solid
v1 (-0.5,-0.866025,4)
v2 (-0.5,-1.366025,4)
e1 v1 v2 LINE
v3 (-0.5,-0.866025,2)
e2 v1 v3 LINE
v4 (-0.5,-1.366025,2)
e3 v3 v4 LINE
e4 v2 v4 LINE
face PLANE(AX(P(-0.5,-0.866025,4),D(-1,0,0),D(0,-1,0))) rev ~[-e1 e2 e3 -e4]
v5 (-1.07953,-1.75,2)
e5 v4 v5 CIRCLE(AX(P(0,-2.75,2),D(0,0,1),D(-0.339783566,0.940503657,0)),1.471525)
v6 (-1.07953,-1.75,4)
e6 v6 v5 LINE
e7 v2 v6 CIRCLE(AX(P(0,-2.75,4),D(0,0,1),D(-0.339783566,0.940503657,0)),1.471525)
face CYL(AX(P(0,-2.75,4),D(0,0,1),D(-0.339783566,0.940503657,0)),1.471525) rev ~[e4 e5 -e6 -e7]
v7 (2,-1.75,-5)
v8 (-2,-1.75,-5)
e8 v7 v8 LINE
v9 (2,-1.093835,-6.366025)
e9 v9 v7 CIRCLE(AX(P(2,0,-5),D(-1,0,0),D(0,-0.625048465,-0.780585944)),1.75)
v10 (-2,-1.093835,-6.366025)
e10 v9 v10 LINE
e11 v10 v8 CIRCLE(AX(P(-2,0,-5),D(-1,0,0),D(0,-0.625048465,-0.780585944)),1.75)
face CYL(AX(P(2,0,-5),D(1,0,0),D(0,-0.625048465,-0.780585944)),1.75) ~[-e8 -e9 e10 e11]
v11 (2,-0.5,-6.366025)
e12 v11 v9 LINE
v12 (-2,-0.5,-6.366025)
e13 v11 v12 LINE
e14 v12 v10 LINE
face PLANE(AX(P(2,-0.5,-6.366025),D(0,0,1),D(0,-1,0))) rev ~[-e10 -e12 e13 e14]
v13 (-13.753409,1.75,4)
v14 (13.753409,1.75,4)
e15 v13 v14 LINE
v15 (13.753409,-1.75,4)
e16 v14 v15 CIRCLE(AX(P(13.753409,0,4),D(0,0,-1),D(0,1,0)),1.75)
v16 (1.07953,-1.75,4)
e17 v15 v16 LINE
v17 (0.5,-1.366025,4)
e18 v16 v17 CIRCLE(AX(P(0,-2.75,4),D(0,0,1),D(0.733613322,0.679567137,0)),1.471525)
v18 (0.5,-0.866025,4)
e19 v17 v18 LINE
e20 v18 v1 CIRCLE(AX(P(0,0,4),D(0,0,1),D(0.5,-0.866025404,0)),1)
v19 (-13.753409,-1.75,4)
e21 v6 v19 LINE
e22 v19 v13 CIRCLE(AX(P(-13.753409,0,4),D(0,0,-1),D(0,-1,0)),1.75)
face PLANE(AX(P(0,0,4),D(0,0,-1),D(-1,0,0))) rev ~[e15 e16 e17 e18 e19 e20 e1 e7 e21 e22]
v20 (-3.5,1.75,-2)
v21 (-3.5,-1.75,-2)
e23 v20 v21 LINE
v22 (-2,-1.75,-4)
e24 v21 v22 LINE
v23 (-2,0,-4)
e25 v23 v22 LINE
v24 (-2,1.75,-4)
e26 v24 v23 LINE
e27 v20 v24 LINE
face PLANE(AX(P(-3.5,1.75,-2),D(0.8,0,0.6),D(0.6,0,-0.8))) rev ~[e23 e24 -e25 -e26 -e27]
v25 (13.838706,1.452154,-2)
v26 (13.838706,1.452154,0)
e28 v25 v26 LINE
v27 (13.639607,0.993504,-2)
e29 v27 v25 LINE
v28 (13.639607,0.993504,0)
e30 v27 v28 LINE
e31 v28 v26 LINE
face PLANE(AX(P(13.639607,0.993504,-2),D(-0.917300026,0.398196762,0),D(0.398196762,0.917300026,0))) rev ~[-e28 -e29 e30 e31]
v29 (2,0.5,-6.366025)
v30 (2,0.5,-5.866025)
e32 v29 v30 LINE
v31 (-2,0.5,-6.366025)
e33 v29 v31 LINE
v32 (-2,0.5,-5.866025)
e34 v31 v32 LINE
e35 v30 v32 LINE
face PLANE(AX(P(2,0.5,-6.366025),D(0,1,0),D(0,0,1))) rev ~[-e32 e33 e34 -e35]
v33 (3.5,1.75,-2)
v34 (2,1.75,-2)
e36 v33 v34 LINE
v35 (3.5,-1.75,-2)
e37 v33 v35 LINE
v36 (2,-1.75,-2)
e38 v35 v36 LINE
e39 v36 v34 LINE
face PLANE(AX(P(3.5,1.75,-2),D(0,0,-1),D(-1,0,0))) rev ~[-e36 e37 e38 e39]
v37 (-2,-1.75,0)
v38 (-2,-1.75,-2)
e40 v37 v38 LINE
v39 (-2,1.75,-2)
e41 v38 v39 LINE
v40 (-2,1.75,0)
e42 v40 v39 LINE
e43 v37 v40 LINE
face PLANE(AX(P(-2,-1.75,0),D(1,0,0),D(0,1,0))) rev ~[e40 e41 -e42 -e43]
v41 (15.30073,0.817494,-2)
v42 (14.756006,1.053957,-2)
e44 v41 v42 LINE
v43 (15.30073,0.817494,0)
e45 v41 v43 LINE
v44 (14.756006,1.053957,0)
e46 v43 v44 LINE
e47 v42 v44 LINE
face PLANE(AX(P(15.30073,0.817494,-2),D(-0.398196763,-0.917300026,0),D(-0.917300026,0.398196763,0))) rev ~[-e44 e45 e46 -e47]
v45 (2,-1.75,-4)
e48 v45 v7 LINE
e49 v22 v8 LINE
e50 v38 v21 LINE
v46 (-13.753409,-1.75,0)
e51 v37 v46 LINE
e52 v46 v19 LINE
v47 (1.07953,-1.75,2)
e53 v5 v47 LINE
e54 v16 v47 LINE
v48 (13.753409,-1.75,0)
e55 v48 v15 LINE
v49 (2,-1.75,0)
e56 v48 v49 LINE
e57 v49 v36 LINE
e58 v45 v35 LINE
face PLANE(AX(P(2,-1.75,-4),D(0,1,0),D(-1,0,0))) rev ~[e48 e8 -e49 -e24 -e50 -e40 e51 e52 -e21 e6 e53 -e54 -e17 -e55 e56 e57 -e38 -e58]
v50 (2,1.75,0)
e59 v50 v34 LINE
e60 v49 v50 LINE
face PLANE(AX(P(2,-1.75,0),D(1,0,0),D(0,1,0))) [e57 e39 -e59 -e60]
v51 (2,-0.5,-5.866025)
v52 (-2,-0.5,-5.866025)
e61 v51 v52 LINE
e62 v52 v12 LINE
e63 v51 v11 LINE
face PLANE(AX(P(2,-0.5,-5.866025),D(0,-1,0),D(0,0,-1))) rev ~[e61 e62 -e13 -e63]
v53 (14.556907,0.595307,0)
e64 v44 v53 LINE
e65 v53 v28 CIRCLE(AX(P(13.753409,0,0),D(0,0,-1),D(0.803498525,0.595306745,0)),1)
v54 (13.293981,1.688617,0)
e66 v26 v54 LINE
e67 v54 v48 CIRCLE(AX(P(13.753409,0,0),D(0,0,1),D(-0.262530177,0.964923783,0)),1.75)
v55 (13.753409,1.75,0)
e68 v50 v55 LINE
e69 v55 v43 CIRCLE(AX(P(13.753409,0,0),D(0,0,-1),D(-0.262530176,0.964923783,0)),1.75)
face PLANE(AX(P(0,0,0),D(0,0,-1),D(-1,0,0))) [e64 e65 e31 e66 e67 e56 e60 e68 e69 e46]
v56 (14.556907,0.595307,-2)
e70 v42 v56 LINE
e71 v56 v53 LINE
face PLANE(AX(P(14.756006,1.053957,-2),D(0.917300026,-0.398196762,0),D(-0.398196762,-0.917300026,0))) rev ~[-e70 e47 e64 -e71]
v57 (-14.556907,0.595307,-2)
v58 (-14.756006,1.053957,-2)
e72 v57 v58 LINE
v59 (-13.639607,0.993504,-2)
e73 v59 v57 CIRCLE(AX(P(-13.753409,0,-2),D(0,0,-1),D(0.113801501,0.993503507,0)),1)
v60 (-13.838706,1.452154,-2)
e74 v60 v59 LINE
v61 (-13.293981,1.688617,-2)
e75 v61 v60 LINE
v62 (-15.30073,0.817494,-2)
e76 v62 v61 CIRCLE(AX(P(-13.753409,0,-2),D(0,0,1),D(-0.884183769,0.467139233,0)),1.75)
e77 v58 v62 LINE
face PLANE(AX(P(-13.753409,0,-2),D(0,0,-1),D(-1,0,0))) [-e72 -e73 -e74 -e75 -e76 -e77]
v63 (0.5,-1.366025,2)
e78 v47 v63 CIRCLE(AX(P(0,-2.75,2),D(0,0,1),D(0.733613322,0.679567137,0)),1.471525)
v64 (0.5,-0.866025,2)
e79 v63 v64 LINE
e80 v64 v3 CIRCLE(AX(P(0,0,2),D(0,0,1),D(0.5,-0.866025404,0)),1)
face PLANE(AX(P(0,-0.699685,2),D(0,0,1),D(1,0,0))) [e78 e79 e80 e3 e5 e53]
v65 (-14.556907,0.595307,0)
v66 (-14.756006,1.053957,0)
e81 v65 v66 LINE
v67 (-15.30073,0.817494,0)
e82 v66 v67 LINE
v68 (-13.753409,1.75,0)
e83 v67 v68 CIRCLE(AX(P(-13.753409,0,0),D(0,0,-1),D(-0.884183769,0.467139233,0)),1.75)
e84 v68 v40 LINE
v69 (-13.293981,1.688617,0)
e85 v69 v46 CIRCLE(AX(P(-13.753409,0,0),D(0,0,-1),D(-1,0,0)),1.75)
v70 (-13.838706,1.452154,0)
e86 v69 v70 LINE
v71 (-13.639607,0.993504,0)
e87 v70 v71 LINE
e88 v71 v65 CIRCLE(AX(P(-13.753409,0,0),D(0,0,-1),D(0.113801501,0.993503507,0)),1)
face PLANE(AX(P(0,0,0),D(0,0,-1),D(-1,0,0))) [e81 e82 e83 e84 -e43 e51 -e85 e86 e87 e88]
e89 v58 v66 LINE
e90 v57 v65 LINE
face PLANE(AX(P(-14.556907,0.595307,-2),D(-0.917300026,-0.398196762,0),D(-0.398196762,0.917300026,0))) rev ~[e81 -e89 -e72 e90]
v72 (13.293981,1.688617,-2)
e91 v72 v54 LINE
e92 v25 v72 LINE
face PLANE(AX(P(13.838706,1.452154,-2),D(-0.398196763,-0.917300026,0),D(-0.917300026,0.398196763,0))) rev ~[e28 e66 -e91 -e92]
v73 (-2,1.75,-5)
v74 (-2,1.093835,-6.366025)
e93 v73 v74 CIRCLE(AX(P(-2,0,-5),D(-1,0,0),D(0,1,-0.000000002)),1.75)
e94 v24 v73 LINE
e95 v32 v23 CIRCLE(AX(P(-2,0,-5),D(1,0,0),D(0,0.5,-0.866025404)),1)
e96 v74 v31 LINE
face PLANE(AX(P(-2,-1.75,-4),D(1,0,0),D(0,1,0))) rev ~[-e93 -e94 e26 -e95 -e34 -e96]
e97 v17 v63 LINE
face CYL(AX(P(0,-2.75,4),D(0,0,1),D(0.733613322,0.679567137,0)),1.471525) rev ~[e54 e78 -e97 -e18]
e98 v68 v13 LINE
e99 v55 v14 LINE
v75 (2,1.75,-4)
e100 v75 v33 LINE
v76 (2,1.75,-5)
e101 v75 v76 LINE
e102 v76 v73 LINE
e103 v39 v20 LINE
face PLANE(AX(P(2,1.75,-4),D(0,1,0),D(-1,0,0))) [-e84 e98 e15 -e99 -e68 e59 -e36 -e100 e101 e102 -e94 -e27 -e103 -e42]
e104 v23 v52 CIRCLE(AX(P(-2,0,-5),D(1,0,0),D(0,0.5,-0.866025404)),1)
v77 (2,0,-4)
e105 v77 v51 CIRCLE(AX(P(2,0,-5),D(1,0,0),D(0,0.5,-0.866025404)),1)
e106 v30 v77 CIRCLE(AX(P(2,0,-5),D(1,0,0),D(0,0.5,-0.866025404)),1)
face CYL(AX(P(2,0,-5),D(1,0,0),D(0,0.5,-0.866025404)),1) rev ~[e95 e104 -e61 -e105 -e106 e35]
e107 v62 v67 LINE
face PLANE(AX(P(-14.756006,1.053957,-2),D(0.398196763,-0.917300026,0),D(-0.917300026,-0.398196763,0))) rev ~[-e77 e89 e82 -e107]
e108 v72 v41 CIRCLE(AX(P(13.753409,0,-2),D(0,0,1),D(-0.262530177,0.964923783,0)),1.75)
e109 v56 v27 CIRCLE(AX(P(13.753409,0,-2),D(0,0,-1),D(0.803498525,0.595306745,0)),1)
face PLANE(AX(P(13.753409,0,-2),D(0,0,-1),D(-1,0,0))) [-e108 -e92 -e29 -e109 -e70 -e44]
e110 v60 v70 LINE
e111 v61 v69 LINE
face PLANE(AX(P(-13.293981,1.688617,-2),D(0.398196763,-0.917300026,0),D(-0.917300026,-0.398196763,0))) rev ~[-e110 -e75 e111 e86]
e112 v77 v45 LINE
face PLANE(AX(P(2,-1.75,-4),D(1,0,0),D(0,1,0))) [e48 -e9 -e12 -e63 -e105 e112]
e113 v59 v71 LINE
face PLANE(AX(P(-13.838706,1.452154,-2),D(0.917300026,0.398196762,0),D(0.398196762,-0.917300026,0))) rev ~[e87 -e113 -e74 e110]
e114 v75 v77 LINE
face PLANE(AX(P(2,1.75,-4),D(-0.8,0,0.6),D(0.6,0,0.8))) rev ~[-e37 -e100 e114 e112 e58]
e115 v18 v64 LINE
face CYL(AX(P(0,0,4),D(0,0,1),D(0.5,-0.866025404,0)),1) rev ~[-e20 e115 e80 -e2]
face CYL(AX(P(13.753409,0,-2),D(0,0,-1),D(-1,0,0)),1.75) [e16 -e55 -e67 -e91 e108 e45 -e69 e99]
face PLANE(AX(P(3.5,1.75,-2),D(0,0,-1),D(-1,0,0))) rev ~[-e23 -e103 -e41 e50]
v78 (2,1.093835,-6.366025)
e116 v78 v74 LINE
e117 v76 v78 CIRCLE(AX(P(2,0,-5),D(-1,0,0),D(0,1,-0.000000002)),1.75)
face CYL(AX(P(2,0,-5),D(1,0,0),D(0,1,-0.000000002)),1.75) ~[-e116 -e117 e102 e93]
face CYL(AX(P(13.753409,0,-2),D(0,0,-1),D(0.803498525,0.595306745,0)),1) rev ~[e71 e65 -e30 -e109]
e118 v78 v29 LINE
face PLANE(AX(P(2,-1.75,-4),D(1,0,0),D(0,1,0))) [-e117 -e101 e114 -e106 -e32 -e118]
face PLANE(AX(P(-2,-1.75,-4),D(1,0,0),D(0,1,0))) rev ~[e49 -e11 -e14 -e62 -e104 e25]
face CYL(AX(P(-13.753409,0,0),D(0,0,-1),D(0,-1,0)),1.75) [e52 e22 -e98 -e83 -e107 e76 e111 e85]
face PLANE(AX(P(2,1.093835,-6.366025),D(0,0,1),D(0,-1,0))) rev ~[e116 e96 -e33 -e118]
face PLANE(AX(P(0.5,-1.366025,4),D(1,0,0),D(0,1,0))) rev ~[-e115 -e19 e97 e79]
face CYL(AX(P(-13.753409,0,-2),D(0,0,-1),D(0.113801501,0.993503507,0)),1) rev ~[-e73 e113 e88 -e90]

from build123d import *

# Parameters (mm, degrees)
EXTRUDE_1_DEPTH     = 4
SKETCH_2_W          = 4
SKETCH_2_H          = 3.5
EXTRUDE_2_DEPTH     = 2
EXTRUDE_3_DEPTH     = 3.5
EXTRUDE_START       = 2
SKETCH_4_R          = 1.75
EXTRUDE_4_DEPTH     = 2
CUT_EXTRUDE_2_DEPTH = 2
SKETCH_7_W          = 4
SKETCH_7_H          = 3.5
EXTRUDE_5_DEPTH     = 4
CUT_EXTRUDE_4_DEPTH = 4
CUT_EXTRUDE_5_DEPTH = 2


with BuildPart() as part:
    # 草图1 → 凸台-拉伸1 (new body)
    with BuildSketch(Plane.XY):
        with BuildLine():
            Line((-13.7534088, 1.75), (13.7534088, 1.75))
            ThreePointArc((13.7534088, 1.75), (15.5034088, 0), (13.7534088, -1.75))
            Line((13.7534088, -1.75), (-13.7534088, -1.75))
            ThreePointArc((-13.7534088, -1.75), (-15.5034088, 0), (-13.7534088, 1.75))
        make_face()
    extrude(amount=EXTRUDE_1_DEPTH)

    # 草图2 → 凸台-拉伸2 (add)
    with BuildSketch(Plane(origin=(0, 0, 0), x_dir=(-1, 0, 0), z_dir=(0, 0, -1))):
        Rectangle(SKETCH_2_W, SKETCH_2_H)
    extrude(amount=EXTRUDE_2_DEPTH)

    # 草图3 → 凸台-拉伸3 (add)
    with BuildSketch(Plane(origin=(0, 1.75, 0), x_dir=(1, 0, 0), z_dir=(0, 1, 0))):
        Polygon((3.5, 2), (-3.5, 2), (-2, 4), (2, 4), align=None)
    extrude(amount=-EXTRUDE_3_DEPTH)

    # 草图4 → 凸台-拉伸4 (add)
    with BuildSketch(Plane(origin=(0, 0, 0), x_dir=(-1, 0, 0), z_dir=(0, 0, -1)).offset(EXTRUDE_START)):
        with Locations((-13.7534088, 0)):
            Circle(SKETCH_4_R)
        with Locations((13.7534088, 0)):
            Circle(SKETCH_4_R)
    extrude(amount=-EXTRUDE_4_DEPTH)

    # 草图5 → 切除-拉伸2 (cut)
    with BuildSketch(Plane.XY.offset(4)):
        with BuildLine():
            ThreePointArc((1.079530307, -1.75), (0.812765723, -1.523298095), (0.5, -1.366025404))
            Line((0.5, -1.366025404), (0.5, -0.866025404))
            ThreePointArc((0.5, -0.866025404), (0, 1), (-0.5, -0.866025404))
            Line((-0.5, -0.866025404), (-0.5, -1.366025404))
            ThreePointArc((-0.5, -1.366025404), (-0.812765723, -1.523298095), (-1.079530307, -1.75))
            Line((-1.079530307, -1.75), (1.079530307, -1.75))
        make_face()
    extrude(amount=-CUT_EXTRUDE_2_DEPTH, mode=Mode.SUBTRACT)

    # 草图7 → 凸台-拉伸5 (add)
    with BuildSketch(Plane(origin=(0, 0, -4), x_dir=(-1, 0, 0), z_dir=(0, 0, -1))):
        Rectangle(SKETCH_7_W, SKETCH_7_H)
    extrude(amount=EXTRUDE_5_DEPTH)

    # 草图8 → 切除-拉伸4 (cut)
    with BuildSketch(Plane(origin=(2, 0, 0), x_dir=(0, 0, -1), z_dir=(1, 0, 0))):
        with BuildLine():
            ThreePointArc((5.866025404, 0.5), (4, 0), (5.866025404, -0.5))
            Line((5.866025404, -0.5), (6.366025404, -0.5))
            Line((6.366025404, -0.5), (6.366025404, -1.093834812))
            ThreePointArc((6.366025404, -1.093834812), (5.75772326, -1.577452205), (5, -1.75))
            Line((5, -1.75), (8, -1.75))
            Line((8, -1.75), (8, 1.75))
            Line((8, 1.75), (5, 1.75))
            ThreePointArc((5, 1.75), (5.75772326, 1.577452205), (6.366025404, 1.093834812))
            Line((6.366025404, 1.093834812), (6.366025404, 0.5))
            Line((6.366025404, 0.5), (5.866025404, 0.5))
        make_face()
    extrude(amount=-CUT_EXTRUDE_4_DEPTH, mode=Mode.SUBTRACT)

    # 草图6 → 切除-拉伸5 (cut)
    with BuildSketch(Plane(origin=(0, 0, -2), x_dir=(-1, 0, 0), z_dir=(0, 0, -1))):
        with BuildLine():
            Line((13.83870568, 1.45215352), (13.639607299, 0.993503507))
            ThreePointArc((13.639607299, 0.993503507), (13.355212038, -0.917300026), (14.556907325, 0.595306745))
            Line((14.556907325, 0.595306745), (14.756005706, 1.053956758))
            Line((14.756005706, 1.053956758), (15.300730395, 0.817493658))
            ThreePointArc((15.300730395, 0.817493658), (14.450253134, 1.605275046), (13.293980991, 1.68861662))
            Line((13.293980991, 1.68861662), (13.83870568, 1.45215352))
        make_face()
        with BuildLine():
            Line((-14.756005706, 1.053956758), (-14.556907325, 0.595306745))
            ThreePointArc((-14.556907325, 0.595306745), (-13.355212038, -0.917300026), (-13.639607299, 0.993503507))
            Line((-13.639607299, 0.993503507), (-13.83870568, 1.45215352))
            Line((-13.83870568, 1.45215352), (-13.293980991, 1.68861662))
            ThreePointArc((-13.293980991, 1.68861662), (-14.450253134, 1.605275046), (-15.300730395, 0.817493658))
            Line((-15.300730395, 0.817493658), (-14.756005706, 1.053956758))
        make_face()
    extrude(amount=-CUT_EXTRUDE_5_DEPTH, mode=Mode.SUBTRACT)


solid = part.part
